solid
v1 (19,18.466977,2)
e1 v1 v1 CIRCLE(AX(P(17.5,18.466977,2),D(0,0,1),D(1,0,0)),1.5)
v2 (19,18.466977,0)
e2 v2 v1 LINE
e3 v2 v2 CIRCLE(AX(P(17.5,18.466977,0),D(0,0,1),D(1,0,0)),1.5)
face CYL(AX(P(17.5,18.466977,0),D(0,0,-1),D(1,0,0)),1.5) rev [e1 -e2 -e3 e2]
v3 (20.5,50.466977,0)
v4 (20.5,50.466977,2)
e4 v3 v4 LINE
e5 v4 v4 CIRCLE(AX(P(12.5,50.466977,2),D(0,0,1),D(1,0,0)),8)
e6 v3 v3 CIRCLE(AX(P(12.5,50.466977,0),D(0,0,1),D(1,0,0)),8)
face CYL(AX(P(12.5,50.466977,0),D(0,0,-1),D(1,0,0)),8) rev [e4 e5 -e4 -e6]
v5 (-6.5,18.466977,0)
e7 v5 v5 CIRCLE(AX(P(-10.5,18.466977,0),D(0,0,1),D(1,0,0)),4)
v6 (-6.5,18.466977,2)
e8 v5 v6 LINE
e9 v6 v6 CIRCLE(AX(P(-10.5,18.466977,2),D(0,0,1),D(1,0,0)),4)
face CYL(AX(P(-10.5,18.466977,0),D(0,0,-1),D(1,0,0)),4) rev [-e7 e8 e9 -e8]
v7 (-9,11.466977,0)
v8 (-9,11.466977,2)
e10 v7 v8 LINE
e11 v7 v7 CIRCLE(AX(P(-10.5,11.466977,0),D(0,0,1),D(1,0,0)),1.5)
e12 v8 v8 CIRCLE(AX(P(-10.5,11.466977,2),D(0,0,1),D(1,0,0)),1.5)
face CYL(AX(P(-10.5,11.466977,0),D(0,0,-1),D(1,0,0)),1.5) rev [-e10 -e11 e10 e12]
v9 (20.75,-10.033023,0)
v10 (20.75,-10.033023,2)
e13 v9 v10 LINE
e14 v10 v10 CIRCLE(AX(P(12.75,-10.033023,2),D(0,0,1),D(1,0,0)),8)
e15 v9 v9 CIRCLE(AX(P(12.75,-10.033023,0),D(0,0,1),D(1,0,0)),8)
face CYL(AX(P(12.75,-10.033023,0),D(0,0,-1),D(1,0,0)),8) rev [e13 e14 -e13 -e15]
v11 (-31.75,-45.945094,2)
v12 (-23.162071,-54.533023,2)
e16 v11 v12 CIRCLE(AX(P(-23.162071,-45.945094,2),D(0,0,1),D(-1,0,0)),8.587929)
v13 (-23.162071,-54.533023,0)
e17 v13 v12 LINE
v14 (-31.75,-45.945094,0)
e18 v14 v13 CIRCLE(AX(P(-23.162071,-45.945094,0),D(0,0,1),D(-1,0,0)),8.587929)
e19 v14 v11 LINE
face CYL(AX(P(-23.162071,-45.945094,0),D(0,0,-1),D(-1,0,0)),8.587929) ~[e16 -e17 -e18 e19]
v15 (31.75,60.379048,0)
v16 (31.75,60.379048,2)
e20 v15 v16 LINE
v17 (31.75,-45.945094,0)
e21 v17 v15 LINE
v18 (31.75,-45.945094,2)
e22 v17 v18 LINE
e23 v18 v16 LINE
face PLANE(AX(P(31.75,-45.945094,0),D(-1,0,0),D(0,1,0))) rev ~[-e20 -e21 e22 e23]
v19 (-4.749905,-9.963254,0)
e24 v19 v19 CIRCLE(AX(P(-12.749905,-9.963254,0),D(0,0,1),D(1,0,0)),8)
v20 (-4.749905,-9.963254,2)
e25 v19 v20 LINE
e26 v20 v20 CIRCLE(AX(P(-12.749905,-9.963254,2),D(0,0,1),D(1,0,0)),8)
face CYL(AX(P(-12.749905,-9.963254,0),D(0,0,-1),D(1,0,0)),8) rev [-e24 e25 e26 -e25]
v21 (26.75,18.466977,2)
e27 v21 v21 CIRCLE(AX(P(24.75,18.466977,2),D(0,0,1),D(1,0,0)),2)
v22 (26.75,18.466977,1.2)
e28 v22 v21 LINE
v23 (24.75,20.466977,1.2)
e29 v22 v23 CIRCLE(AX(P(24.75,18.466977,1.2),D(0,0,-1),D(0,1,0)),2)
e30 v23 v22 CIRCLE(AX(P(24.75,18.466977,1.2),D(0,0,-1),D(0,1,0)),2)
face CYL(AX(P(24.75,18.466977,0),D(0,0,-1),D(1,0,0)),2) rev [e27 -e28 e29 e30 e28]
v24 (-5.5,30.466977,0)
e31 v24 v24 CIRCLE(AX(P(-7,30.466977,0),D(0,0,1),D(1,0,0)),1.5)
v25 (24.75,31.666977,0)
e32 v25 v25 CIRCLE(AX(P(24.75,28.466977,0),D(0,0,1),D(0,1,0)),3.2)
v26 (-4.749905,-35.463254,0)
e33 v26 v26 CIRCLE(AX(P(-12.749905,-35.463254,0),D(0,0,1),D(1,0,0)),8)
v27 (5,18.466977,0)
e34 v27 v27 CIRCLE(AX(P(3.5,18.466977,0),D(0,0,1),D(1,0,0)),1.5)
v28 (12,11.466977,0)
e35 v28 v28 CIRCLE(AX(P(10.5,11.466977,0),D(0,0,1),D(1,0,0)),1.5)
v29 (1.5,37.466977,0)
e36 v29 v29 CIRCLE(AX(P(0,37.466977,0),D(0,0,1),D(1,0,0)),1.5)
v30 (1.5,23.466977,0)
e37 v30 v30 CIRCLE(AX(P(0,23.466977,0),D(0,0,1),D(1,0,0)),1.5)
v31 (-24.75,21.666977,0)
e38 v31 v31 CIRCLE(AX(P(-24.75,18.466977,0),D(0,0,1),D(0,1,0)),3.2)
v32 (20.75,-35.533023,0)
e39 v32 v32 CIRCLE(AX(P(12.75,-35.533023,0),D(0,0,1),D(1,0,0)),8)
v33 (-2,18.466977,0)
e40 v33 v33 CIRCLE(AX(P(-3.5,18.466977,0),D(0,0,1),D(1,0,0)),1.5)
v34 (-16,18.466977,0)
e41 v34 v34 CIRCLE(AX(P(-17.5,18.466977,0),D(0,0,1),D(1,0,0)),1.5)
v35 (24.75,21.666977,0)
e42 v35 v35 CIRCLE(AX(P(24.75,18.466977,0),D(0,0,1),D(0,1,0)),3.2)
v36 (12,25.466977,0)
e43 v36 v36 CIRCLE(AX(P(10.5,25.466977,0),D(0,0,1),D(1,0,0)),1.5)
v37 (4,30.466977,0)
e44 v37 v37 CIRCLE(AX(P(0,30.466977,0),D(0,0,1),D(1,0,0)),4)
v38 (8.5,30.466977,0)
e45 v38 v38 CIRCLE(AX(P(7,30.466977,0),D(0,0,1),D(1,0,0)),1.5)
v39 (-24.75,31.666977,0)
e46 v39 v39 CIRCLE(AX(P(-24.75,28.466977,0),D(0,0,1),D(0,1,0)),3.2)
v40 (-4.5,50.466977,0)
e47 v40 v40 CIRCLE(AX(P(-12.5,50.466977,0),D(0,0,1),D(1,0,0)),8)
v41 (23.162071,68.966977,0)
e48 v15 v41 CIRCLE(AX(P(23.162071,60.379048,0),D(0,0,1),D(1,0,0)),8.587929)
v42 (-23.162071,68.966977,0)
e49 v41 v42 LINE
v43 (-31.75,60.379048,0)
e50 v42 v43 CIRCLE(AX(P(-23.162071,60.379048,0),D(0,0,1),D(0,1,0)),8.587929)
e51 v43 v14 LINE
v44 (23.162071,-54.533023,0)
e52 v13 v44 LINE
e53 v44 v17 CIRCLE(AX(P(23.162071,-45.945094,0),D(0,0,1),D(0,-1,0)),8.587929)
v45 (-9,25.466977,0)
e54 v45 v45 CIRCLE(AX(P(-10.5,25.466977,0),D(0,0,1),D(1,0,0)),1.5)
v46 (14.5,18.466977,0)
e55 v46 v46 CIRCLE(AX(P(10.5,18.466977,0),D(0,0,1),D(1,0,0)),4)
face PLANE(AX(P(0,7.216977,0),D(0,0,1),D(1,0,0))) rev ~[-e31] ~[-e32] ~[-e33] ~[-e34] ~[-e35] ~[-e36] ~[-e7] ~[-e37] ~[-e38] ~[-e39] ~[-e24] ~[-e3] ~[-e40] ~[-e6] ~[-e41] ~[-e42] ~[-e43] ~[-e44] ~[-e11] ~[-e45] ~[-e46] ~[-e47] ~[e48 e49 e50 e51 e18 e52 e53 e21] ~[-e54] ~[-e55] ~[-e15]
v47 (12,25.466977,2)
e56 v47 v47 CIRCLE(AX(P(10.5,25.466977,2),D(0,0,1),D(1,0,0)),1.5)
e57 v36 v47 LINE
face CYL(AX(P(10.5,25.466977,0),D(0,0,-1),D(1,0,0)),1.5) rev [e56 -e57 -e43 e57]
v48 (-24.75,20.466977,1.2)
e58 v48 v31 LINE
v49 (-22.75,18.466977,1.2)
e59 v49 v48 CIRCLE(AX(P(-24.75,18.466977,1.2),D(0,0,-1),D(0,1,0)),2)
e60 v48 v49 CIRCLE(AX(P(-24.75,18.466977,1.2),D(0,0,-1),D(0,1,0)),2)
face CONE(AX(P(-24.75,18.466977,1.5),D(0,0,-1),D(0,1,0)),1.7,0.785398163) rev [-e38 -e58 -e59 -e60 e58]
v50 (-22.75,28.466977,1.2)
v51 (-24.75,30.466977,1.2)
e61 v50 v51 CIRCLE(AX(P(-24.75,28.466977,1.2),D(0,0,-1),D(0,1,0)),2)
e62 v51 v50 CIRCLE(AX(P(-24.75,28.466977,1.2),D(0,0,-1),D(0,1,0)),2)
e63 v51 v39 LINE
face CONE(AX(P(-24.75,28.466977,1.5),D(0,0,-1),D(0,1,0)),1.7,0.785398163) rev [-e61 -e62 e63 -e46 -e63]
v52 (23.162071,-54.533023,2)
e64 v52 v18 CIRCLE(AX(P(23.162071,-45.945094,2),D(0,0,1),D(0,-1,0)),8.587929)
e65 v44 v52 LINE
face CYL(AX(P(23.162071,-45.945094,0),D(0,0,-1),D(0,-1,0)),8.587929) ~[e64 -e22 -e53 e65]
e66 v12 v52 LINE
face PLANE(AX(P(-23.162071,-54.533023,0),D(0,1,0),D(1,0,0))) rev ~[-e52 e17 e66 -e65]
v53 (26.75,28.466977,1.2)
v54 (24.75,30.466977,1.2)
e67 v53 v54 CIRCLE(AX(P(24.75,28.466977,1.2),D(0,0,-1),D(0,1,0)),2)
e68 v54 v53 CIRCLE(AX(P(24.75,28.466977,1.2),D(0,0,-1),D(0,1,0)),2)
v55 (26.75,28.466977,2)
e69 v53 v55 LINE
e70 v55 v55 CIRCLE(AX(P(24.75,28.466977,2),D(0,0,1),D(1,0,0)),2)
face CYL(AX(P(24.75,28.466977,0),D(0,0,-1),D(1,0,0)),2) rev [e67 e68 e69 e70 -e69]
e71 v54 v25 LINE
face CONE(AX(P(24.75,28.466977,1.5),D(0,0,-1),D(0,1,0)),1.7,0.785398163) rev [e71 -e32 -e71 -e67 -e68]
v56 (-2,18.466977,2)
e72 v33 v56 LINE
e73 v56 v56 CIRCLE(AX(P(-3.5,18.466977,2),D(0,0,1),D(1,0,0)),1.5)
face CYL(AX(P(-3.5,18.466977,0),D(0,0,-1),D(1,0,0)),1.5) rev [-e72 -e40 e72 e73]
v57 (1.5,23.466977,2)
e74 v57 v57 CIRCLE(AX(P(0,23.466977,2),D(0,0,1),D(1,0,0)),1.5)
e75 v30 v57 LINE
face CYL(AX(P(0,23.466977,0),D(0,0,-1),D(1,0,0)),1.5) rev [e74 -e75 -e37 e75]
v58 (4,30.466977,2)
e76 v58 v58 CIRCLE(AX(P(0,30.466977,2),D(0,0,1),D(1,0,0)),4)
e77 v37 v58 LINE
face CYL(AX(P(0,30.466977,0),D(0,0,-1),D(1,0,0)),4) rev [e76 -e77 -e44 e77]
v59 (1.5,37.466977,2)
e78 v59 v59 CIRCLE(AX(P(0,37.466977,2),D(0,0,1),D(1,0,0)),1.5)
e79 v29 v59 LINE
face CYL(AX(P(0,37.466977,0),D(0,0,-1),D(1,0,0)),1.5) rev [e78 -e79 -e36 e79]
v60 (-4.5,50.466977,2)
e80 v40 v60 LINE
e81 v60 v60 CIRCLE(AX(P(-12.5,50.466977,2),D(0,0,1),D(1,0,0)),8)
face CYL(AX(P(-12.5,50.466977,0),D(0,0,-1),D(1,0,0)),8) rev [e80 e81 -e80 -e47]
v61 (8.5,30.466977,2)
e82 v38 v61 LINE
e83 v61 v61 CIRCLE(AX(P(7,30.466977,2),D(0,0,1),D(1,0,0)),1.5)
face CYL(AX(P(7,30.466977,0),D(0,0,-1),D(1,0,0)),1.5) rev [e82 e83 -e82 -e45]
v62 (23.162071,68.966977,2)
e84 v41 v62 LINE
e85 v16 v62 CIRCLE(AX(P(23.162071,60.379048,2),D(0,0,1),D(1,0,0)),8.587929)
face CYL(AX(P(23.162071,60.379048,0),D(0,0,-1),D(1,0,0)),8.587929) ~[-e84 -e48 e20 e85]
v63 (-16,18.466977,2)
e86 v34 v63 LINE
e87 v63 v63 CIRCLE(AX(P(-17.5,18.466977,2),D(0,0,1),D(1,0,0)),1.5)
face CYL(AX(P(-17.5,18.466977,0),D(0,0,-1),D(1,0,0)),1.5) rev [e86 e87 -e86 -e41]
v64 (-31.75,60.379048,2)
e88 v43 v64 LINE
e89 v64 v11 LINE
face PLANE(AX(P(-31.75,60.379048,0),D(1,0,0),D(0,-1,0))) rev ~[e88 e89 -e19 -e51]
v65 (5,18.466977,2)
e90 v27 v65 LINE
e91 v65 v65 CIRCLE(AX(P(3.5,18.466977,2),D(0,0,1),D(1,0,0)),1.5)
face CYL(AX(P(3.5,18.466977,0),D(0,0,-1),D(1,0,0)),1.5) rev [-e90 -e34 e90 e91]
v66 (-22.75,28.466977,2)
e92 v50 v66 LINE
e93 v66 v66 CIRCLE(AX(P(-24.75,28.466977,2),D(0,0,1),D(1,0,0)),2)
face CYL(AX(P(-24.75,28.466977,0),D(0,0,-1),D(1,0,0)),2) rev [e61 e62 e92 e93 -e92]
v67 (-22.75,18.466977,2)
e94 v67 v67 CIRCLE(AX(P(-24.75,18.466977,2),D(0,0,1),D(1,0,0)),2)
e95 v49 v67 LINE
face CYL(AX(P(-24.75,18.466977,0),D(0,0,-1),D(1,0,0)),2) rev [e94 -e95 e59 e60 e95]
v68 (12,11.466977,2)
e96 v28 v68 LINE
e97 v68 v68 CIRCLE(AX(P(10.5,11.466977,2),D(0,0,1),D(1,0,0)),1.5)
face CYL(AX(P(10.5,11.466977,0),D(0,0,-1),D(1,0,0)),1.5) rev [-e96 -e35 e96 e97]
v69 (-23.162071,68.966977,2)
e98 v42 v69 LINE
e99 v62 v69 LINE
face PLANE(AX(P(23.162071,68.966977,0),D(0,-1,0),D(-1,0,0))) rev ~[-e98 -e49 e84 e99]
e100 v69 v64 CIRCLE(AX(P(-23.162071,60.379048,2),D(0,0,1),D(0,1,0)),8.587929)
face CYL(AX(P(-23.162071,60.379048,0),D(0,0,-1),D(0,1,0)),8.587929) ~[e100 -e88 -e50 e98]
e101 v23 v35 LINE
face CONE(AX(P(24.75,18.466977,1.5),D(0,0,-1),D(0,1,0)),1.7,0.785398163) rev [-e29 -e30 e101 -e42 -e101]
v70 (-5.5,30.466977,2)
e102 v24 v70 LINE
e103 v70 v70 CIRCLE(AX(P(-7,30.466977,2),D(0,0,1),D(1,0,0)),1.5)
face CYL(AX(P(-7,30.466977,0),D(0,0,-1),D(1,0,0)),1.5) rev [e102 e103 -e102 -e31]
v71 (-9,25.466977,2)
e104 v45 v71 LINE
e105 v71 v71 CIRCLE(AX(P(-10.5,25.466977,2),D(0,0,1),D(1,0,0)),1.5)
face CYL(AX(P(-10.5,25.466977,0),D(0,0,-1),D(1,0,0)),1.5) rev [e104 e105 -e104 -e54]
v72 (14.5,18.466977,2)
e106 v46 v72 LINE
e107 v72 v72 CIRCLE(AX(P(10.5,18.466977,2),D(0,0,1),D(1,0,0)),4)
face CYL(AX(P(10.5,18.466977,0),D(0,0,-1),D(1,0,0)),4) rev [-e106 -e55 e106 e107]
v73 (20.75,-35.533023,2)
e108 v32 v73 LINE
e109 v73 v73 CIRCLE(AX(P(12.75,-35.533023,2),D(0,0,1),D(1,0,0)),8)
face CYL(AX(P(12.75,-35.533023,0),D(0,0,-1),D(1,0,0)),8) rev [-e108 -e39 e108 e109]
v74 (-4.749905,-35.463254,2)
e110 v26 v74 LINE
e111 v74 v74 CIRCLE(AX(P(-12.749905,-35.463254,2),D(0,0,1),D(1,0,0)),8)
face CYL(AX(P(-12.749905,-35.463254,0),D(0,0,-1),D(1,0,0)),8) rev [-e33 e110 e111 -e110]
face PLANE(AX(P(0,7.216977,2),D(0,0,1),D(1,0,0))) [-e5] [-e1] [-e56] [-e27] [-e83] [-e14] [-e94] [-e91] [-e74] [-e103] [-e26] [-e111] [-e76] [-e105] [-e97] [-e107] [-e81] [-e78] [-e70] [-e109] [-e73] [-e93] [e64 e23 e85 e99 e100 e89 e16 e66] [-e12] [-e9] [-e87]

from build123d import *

# Parameters (mm, degrees)
SKETCH_1_R               = 8
SKETCH_1_R_2             = 2
SKETCH_1_R_3             = 4
SKETCH_1_R_4             = 1.5
EXTRUDE_1_DEPTH          = 2
HOLE_WIZARD_1_AT_2_COUNT = 2
HOLE_WIZARD_1_AT_2_PITCH = 10
HOLE_WIZARD_1_AT_3_COUNT = 2
HOLE_WIZARD_1_AT_3_PITCH = 50.5
HOLE_WIZARD_1_AT_4_COUNT = 2
HOLE_WIZARD_1_AT_4_PITCH = 49.5


with BuildPart() as part:
    # 草图1 → 凸台-拉伸1 (new body)
    with BuildSketch(Plane.XY):
        with BuildLine():
            Line((-23.162071109, -54.533023266), (23.162071109, -54.533023266))
            ThreePointArc((23.162071109, -54.533023266), (29.234653864, -52.01767713), (31.75, -45.945094375))
            Line((31.75, -45.945094375), (31.75, 60.379047844))
            ThreePointArc((31.75, 60.379047844), (29.234653864, 66.451630598), (23.162071109, 68.966976734))
            Line((23.162071109, 68.966976734), (-23.162071109, 68.966976734))
            ThreePointArc((-23.162071109, 68.966976734), (-29.234653864, 66.451630598), (-31.75, 60.379047844))
            Line((-31.75, 60.379047844), (-31.75, -45.945094375))
            ThreePointArc((-31.75, -45.945094375), (-29.234653864, -52.01767713), (-23.162071109, -54.533023266))
        make_face()
        with Locations((-12.5, 50.466976734)):
            Circle(SKETCH_1_R, mode=Mode.SUBTRACT)
        with Locations((12.5, 50.466976734)):
            Circle(SKETCH_1_R, mode=Mode.SUBTRACT)
        with Locations((-12.749904554, -35.463254167)):
            Circle(SKETCH_1_R, mode=Mode.SUBTRACT)
        with Locations((12.75, -35.533023266)):
            Circle(SKETCH_1_R, mode=Mode.SUBTRACT)
        with Locations((12.75, -10.033023266)):
            Circle(SKETCH_1_R, mode=Mode.SUBTRACT)
        with Locations((-12.749904554, -9.963254167)):
            Circle(SKETCH_1_R, mode=Mode.SUBTRACT)
        with Locations((24.75, 28.466976734)):
            Circle(SKETCH_1_R_2, mode=Mode.SUBTRACT)
        with Locations((24.75, 18.466976734)):
            Circle(SKETCH_1_R_2, mode=Mode.SUBTRACT)
        with Locations((-24.75, 28.466976734)):
            Circle(SKETCH_1_R_2, mode=Mode.SUBTRACT)
        with Locations((-24.75, 18.466976734)):
            Circle(SKETCH_1_R_2, mode=Mode.SUBTRACT)
        with Locations((0, 30.466976734)):
            Circle(SKETCH_1_R_3, mode=Mode.SUBTRACT)
        with Locations((-10.5, 18.466976734)):
            Circle(SKETCH_1_R_3, mode=Mode.SUBTRACT)
        with Locations((10.5, 18.466976734)):
            Circle(SKETCH_1_R_3, mode=Mode.SUBTRACT)
        with Locations((10.5, 25.466976734)):
            Circle(SKETCH_1_R_4, mode=Mode.SUBTRACT)
        with Locations((0, 37.466976734)):
            Circle(SKETCH_1_R_4, mode=Mode.SUBTRACT)
        with Locations((7, 30.466976734)):
            Circle(SKETCH_1_R_4, mode=Mode.SUBTRACT)
        with Locations((-10.5, 25.466976734)):
            Circle(SKETCH_1_R_4, mode=Mode.SUBTRACT)
        with Locations((0, 23.466976734)):
            Circle(SKETCH_1_R_4, mode=Mode.SUBTRACT)
        with Locations((-7, 30.466976734)):
            Circle(SKETCH_1_R_4, mode=Mode.SUBTRACT)
        with Locations((17.5, 18.466976734)):
            Circle(SKETCH_1_R_4, mode=Mode.SUBTRACT)
        with Locations((10.5, 11.466976734)):
            Circle(SKETCH_1_R_4, mode=Mode.SUBTRACT)
        with Locations((3.5, 18.466976734)):
            Circle(SKETCH_1_R_4, mode=Mode.SUBTRACT)
        with Locations((-3.5, 18.466976734)):
            Circle(SKETCH_1_R_4, mode=Mode.SUBTRACT)
        with Locations((-10.5, 11.466976734)):
            Circle(SKETCH_1_R_4, mode=Mode.SUBTRACT)
        with Locations((-17.5, 18.466976734)):
            Circle(SKETCH_1_R_4, mode=Mode.SUBTRACT)
    extrude(amount=EXTRUDE_1_DEPTH)

    # 草图4 → 打孔尺寸开槽半沉头螺钉的类型1 (revolve, cut)
    with BuildSketch(Plane(origin=(24.75, 28.466976734, 0), x_dir=(0, 1, 0), z_dir=(1, 0, 0))):
        Polygon((0, 0), (0, 3.021463052), (1.7, 2), (1.7, 1.5), (3.2, 0), align=None)
    hole_wizard_1 = revolve(axis=Axis((24.75, 28.466976734, -6.35), (0, 0, 1)), mode=Mode.SUBTRACT)

    # 打孔尺寸开槽半沉头螺钉的类型1 at 2: 打孔尺寸开槽半沉头螺钉的类型1 ×2
    with Locations(*[(0, -i * HOLE_WIZARD_1_AT_2_PITCH, 0) for i in range(1, HOLE_WIZARD_1_AT_2_COUNT)]):
        add(hole_wizard_1, mode=Mode.SUBTRACT)

    # 打孔尺寸开槽半沉头螺钉的类型1 at 3: 打孔尺寸开槽半沉头螺钉的类型1 ×2
    with Locations(*[Vector(-0.9801980198019802, -0.19801980198019808, 0) * (i * HOLE_WIZARD_1_AT_3_PITCH) for i in range(1, HOLE_WIZARD_1_AT_3_COUNT)]):
        add(hole_wizard_1, mode=Mode.SUBTRACT)

    # 打孔尺寸开槽半沉头螺钉的类型1 at 4: 打孔尺寸开槽半沉头螺钉的类型1 ×2
    with Locations(*[(-i * HOLE_WIZARD_1_AT_4_PITCH, 0, 0) for i in range(1, HOLE_WIZARD_1_AT_4_COUNT)]):
        add(hole_wizard_1, mode=Mode.SUBTRACT)


solid = part.part
